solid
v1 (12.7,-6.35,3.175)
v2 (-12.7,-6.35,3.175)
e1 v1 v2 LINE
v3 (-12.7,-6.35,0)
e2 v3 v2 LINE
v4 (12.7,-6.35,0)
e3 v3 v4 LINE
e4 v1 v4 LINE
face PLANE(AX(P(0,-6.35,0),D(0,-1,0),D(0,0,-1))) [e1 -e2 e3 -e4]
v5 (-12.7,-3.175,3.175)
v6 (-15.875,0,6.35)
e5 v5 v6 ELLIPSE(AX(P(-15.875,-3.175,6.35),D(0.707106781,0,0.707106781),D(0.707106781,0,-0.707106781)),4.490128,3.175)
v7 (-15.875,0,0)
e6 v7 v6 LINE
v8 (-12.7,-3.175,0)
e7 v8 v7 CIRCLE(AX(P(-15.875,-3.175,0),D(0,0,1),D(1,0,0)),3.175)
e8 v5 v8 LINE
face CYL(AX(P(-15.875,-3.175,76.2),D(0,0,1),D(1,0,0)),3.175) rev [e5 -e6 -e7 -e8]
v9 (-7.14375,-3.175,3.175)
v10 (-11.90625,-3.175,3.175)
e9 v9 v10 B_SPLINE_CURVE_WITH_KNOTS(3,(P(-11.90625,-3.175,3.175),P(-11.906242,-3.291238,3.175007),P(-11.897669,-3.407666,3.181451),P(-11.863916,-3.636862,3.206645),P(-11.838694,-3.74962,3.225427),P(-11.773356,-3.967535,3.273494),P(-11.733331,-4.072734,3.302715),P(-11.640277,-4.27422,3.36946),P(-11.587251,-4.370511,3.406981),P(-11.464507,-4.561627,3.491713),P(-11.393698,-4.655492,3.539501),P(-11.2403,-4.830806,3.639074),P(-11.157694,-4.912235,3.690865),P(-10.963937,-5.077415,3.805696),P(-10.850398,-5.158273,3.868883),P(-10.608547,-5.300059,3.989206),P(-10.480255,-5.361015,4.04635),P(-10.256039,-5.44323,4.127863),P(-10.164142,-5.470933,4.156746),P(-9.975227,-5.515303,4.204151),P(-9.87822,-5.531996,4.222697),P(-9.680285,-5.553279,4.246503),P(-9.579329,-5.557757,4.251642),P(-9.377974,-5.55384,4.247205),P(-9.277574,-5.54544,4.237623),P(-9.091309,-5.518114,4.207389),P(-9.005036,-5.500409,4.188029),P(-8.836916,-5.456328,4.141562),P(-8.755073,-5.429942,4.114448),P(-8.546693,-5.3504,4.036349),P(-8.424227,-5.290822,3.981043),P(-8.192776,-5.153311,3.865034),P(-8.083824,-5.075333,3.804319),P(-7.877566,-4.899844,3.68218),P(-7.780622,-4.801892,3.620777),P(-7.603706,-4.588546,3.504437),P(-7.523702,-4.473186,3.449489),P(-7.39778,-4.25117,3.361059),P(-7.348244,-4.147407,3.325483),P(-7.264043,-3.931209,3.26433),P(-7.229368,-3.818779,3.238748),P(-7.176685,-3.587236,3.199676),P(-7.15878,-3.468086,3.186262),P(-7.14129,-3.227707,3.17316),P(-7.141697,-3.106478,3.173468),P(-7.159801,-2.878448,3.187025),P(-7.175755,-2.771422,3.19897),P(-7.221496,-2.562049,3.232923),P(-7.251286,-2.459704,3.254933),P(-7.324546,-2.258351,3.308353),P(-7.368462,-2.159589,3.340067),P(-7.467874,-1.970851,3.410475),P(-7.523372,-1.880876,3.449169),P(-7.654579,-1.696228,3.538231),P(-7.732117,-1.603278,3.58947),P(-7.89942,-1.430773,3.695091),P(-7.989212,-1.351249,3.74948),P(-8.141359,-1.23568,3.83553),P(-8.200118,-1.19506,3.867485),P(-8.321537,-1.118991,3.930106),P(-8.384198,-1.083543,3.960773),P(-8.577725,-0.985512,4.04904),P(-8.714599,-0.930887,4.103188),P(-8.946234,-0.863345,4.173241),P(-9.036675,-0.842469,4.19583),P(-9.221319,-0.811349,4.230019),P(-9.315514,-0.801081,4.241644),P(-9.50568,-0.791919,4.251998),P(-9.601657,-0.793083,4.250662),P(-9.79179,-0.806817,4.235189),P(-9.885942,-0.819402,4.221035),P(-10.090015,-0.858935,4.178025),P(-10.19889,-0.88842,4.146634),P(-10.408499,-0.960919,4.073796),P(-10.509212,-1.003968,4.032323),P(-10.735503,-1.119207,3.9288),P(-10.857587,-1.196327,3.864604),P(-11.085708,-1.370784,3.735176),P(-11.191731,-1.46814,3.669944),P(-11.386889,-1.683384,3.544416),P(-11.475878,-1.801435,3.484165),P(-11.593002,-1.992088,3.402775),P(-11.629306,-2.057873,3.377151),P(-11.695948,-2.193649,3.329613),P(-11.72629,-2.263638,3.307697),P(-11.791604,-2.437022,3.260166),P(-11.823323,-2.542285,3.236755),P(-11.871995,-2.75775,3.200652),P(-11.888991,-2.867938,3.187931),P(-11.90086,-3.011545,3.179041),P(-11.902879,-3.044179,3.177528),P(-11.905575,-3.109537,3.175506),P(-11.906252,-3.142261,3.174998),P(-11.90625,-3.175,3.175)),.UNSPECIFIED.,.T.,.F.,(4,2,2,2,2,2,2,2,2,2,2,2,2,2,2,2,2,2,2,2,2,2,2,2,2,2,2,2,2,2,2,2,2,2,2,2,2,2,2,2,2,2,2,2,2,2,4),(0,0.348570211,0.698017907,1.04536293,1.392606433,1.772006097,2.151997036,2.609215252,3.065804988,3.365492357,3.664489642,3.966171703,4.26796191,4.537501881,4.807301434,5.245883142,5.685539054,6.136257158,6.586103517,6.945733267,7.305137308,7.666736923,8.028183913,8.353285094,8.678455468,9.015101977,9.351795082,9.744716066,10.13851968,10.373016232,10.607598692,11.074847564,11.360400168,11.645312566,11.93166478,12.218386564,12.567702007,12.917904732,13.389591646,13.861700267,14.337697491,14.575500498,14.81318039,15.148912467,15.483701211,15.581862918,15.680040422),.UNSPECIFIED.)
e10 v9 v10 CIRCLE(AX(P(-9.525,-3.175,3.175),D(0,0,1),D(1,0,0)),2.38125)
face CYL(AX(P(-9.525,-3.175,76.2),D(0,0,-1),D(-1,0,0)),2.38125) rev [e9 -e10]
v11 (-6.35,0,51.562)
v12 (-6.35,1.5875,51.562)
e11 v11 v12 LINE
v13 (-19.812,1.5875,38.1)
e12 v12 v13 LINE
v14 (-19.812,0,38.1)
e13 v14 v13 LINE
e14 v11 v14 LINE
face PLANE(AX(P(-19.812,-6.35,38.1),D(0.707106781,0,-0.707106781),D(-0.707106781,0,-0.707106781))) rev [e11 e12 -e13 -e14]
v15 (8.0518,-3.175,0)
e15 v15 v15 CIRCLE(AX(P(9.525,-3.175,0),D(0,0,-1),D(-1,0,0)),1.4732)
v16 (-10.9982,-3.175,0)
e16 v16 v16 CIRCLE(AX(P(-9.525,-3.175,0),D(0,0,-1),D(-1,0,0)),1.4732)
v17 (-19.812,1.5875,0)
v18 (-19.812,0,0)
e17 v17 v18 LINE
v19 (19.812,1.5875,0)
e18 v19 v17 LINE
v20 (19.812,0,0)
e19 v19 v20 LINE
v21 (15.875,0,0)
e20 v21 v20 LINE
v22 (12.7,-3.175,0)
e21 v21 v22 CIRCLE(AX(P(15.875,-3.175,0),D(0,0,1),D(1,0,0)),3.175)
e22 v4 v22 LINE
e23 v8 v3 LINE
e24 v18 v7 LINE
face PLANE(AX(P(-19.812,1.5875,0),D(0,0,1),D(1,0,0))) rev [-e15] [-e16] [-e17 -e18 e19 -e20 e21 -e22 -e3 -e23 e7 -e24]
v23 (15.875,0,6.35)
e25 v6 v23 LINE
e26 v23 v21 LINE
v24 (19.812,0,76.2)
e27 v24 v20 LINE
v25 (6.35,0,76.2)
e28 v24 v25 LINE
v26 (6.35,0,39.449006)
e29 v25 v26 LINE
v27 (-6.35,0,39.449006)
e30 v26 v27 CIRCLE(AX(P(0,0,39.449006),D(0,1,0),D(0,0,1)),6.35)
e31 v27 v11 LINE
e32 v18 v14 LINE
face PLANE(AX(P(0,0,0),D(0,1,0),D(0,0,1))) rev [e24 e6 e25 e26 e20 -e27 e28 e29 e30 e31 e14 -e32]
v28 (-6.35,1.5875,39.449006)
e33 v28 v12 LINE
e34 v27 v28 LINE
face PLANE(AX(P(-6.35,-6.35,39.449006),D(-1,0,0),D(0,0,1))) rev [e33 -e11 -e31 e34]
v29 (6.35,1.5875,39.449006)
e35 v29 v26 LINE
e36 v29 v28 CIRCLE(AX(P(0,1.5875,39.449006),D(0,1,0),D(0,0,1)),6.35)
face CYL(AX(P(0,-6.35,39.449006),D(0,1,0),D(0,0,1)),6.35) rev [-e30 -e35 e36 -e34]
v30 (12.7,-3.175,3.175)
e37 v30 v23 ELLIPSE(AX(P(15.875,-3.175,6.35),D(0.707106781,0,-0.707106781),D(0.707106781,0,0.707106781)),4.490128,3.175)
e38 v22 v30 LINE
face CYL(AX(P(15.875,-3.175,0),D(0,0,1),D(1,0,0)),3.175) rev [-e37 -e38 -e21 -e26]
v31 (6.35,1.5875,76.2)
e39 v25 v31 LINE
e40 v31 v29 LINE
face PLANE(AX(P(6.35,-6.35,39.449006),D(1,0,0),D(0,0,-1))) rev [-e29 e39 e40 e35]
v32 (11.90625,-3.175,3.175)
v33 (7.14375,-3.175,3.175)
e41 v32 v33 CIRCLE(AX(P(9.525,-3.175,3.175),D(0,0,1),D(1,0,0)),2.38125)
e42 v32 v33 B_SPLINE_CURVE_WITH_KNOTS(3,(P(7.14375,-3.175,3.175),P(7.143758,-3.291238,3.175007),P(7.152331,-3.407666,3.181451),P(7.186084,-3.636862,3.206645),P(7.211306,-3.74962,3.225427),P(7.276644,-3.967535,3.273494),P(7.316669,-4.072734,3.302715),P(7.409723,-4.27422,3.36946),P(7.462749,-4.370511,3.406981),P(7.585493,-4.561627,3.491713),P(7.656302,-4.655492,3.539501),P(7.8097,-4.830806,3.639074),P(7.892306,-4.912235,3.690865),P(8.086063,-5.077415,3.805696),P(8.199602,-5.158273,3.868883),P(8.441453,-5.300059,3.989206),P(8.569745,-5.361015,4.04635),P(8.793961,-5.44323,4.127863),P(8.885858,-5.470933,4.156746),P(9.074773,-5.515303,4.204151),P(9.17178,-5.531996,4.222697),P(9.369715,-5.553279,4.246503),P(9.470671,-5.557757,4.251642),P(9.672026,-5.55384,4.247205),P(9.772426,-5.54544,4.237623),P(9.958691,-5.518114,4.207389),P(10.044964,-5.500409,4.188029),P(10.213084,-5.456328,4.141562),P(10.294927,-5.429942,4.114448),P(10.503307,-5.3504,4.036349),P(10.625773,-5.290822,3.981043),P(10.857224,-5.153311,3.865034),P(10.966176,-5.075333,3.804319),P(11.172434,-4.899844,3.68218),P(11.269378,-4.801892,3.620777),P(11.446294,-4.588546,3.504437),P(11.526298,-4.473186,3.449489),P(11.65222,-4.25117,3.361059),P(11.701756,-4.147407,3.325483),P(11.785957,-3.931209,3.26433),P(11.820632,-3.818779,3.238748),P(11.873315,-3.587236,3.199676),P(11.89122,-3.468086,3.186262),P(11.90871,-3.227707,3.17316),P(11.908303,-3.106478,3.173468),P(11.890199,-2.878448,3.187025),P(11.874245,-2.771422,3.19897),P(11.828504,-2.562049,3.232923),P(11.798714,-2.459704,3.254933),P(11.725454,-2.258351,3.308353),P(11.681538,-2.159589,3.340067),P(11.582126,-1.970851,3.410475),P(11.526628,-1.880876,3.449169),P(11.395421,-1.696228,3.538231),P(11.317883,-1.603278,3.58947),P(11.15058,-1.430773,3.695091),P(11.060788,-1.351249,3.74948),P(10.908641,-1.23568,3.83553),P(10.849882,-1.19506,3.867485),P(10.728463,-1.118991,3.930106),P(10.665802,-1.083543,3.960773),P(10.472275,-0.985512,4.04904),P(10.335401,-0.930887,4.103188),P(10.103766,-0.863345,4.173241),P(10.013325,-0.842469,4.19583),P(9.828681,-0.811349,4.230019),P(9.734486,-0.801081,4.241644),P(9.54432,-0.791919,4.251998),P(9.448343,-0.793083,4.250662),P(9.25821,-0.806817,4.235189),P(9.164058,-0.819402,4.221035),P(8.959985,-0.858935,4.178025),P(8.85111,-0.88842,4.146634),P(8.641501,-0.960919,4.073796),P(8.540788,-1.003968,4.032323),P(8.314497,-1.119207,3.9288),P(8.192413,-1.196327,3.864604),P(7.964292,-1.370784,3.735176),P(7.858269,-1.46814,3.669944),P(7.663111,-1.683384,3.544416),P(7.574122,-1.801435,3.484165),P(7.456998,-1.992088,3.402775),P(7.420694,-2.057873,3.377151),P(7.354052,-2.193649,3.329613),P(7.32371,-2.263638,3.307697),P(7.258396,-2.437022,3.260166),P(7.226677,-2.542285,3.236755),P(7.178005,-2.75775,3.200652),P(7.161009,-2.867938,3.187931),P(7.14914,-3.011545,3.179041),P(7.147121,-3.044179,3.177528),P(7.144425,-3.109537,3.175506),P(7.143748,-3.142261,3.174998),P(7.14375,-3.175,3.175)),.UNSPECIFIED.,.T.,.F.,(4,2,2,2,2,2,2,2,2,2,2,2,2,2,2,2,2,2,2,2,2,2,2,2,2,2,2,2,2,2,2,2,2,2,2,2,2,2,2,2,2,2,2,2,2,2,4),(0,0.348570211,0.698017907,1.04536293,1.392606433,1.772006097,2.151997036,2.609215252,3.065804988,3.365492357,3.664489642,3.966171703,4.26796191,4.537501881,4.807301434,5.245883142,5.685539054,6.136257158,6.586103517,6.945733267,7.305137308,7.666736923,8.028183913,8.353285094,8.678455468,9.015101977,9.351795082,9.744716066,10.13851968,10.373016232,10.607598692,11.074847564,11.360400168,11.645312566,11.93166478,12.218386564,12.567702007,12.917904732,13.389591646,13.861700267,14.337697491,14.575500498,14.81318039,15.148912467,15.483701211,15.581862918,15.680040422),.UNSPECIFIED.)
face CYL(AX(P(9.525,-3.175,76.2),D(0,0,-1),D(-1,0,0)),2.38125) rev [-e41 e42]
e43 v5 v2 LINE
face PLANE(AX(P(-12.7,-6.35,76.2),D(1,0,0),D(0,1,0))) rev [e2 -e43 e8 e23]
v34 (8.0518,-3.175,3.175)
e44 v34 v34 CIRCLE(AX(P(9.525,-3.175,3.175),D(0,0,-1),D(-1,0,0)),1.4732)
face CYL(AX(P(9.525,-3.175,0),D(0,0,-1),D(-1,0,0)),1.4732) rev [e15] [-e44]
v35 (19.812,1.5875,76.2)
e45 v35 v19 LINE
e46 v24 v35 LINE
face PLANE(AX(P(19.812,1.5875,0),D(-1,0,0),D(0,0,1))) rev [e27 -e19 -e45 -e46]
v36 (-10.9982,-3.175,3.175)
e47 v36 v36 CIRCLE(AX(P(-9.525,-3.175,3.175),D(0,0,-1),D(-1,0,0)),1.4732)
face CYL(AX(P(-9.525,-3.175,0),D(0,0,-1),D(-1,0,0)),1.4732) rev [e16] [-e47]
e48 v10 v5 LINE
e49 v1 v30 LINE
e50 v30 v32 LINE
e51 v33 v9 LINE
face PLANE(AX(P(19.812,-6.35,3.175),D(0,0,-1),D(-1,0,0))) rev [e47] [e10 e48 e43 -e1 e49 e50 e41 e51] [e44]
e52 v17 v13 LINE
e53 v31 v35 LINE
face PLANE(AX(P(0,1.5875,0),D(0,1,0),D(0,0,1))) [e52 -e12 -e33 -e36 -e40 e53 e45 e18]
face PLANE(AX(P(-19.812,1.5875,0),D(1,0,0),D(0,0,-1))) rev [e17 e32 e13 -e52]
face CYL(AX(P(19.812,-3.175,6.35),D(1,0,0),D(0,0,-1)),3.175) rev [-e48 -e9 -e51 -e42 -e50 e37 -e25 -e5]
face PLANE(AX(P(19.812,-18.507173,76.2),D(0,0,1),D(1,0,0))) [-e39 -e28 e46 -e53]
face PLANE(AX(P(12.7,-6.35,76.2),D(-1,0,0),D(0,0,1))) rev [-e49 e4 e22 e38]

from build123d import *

# Parameters (mm, degrees)
SKETCH1_W               = 39.624
SKETCH1_H               = 63.5
BOSS_EXTRUDE1_DEPTH     = 1.5875
SKETCH2_W               = 39.624
SKETCH2_H               = 3.175
BOSS_EXTRUDE2_DEPTH     = 6.35
SKETCH3_R               = 6.35
CUT_EXTRUDE1_DEPTH      = 8.9375
CUT_EXTRUDE2_DEPTH      = 1
CUT_EXTRUDE2_DEPTH_BACK = 8.9375
SKETCH5_W               = 12.7
SKETCH5_H               = 28.946652836
CUT_EXTRUDE3_DEPTH      = 8.9375
SKETCH6_W               = 13.462
SKETCH6_H               = 12.7
BOSS_EXTRUDE3_DEPTH     = 1.5875
SKETCH7_W               = 7.112
SKETCH7_H               = 6.35
CUT_EXTRUDE4_DEPTH      = 77.2
FILLET1_R               = 3.175
F_4_CLEARANCE_HOLE1_D   = 2.9464
SKETCH10_R              = 2.38125
CUT_EXTRUDE5_DEPTH      = 74.025


with BuildPart() as part:
    # Sketch1 → Boss-Extrude1 (new body)
    with BuildSketch(Plane(origin=(0, 0, 0), x_dir=(1, 0, 0), z_dir=(0, 1, 0))):
        with Locations((0, -31.75)):
            Rectangle(SKETCH1_W, SKETCH1_H)
    extrude(amount=BOSS_EXTRUDE1_DEPTH)

    # Sketch2 → Boss-Extrude2 (add)
    with BuildSketch(Plane.XZ):
        with Locations((0, 1.5875)):
            Rectangle(SKETCH2_W, SKETCH2_H)
    extrude(amount=BOSS_EXTRUDE2_DEPTH)

    # Sketch3 → Cut-Extrude1 (cut, through all)
    with BuildSketch(Plane(origin=(10.289309191, 1.5875, 36.06936054), x_dir=(1, 0, 0), z_dir=(0, 1, 0))):
        with Locations((-10.289309191, -3.379645711)):
            Circle(SKETCH3_R)
    extrude(amount=-CUT_EXTRUDE1_DEPTH, mode=Mode.SUBTRACT)

    # Sketch4 → Cut-Extrude2 (cut, two sides)
    with BuildSketch(Plane(origin=(0, 1.5875, 0), x_dir=(1, 0, 0), z_dir=(0, 1, 0))) as cut_extrude2_sk:
        Polygon((-19.812, -38.1), (5.588, -63.5), (-19.812, -63.5), align=None)
    extrude(amount=CUT_EXTRUDE2_DEPTH, mode=Mode.SUBTRACT)
    extrude(cut_extrude2_sk.sketch, amount=-CUT_EXTRUDE2_DEPTH_BACK, mode=Mode.SUBTRACT)

    # Sketch5 → Cut-Extrude3 (cut, through all)
    with BuildSketch(Plane(origin=(0, 1.5875, 0), x_dir=(1, 0, 0), z_dir=(0, 1, 0))):
        with Locations((0, -53.922332669)):
            Rectangle(SKETCH5_W, SKETCH5_H)
    extrude(amount=-CUT_EXTRUDE3_DEPTH, mode=Mode.SUBTRACT)

    # Sketch6 → Boss-Extrude3 (add)
    with BuildSketch(Plane(origin=(0, 1.5875, 0), x_dir=(1, 0, 0), z_dir=(0, 1, 0))):
        with Locations((13.081, -69.85)):
            Rectangle(SKETCH6_W, SKETCH6_H)
    extrude(amount=-BOSS_EXTRUDE3_DEPTH)

    # Sketch7 → Cut-Extrude4 (cut, through all)
    with BuildSketch(Plane(origin=(0, 0, 0), x_dir=(-1, 0, 0), z_dir=(0, 0, -1))):
        with Locations((-16.256, -3.175)):
            Rectangle(SKETCH7_W, SKETCH7_H)
        with Locations((16.256, -3.175)):
            Rectangle(SKETCH7_W, SKETCH7_H)
    extrude(amount=-CUT_EXTRUDE4_DEPTH, mode=Mode.SUBTRACT)

    # Fillet1
    fillet1_edges = [part.edges().sort_by_distance(p)[0] for p in [
        (-12.7, 0, 1.5875),
        (0, 0, 3.175),
        (12.7, 0, 1.5875),
    ]]
    fillet(fillet1_edges, radius=FILLET1_R)

    # #4 Clearance Hole1 (through all)
    with Locations(Plane(origin=(0, 0, 0), x_dir=(-1, 0, 0), z_dir=(0, 0, -1))):
        with Locations((-9.525, -3.175), (9.525, -3.175)):
            Hole(F_4_CLEARANCE_HOLE1_D / 2)

    # Sketch10 → Cut-Extrude5 (cut, through all)
    with BuildSketch(Plane.XY.offset(3.175)):
        with Locations((9.525, -3.175)):
            Circle(SKETCH10_R)
        with Locations((-9.525, -3.175)):
            Circle(SKETCH10_R)
    extrude(amount=CUT_EXTRUDE5_DEPTH, mode=Mode.SUBTRACT)


solid = part.part
